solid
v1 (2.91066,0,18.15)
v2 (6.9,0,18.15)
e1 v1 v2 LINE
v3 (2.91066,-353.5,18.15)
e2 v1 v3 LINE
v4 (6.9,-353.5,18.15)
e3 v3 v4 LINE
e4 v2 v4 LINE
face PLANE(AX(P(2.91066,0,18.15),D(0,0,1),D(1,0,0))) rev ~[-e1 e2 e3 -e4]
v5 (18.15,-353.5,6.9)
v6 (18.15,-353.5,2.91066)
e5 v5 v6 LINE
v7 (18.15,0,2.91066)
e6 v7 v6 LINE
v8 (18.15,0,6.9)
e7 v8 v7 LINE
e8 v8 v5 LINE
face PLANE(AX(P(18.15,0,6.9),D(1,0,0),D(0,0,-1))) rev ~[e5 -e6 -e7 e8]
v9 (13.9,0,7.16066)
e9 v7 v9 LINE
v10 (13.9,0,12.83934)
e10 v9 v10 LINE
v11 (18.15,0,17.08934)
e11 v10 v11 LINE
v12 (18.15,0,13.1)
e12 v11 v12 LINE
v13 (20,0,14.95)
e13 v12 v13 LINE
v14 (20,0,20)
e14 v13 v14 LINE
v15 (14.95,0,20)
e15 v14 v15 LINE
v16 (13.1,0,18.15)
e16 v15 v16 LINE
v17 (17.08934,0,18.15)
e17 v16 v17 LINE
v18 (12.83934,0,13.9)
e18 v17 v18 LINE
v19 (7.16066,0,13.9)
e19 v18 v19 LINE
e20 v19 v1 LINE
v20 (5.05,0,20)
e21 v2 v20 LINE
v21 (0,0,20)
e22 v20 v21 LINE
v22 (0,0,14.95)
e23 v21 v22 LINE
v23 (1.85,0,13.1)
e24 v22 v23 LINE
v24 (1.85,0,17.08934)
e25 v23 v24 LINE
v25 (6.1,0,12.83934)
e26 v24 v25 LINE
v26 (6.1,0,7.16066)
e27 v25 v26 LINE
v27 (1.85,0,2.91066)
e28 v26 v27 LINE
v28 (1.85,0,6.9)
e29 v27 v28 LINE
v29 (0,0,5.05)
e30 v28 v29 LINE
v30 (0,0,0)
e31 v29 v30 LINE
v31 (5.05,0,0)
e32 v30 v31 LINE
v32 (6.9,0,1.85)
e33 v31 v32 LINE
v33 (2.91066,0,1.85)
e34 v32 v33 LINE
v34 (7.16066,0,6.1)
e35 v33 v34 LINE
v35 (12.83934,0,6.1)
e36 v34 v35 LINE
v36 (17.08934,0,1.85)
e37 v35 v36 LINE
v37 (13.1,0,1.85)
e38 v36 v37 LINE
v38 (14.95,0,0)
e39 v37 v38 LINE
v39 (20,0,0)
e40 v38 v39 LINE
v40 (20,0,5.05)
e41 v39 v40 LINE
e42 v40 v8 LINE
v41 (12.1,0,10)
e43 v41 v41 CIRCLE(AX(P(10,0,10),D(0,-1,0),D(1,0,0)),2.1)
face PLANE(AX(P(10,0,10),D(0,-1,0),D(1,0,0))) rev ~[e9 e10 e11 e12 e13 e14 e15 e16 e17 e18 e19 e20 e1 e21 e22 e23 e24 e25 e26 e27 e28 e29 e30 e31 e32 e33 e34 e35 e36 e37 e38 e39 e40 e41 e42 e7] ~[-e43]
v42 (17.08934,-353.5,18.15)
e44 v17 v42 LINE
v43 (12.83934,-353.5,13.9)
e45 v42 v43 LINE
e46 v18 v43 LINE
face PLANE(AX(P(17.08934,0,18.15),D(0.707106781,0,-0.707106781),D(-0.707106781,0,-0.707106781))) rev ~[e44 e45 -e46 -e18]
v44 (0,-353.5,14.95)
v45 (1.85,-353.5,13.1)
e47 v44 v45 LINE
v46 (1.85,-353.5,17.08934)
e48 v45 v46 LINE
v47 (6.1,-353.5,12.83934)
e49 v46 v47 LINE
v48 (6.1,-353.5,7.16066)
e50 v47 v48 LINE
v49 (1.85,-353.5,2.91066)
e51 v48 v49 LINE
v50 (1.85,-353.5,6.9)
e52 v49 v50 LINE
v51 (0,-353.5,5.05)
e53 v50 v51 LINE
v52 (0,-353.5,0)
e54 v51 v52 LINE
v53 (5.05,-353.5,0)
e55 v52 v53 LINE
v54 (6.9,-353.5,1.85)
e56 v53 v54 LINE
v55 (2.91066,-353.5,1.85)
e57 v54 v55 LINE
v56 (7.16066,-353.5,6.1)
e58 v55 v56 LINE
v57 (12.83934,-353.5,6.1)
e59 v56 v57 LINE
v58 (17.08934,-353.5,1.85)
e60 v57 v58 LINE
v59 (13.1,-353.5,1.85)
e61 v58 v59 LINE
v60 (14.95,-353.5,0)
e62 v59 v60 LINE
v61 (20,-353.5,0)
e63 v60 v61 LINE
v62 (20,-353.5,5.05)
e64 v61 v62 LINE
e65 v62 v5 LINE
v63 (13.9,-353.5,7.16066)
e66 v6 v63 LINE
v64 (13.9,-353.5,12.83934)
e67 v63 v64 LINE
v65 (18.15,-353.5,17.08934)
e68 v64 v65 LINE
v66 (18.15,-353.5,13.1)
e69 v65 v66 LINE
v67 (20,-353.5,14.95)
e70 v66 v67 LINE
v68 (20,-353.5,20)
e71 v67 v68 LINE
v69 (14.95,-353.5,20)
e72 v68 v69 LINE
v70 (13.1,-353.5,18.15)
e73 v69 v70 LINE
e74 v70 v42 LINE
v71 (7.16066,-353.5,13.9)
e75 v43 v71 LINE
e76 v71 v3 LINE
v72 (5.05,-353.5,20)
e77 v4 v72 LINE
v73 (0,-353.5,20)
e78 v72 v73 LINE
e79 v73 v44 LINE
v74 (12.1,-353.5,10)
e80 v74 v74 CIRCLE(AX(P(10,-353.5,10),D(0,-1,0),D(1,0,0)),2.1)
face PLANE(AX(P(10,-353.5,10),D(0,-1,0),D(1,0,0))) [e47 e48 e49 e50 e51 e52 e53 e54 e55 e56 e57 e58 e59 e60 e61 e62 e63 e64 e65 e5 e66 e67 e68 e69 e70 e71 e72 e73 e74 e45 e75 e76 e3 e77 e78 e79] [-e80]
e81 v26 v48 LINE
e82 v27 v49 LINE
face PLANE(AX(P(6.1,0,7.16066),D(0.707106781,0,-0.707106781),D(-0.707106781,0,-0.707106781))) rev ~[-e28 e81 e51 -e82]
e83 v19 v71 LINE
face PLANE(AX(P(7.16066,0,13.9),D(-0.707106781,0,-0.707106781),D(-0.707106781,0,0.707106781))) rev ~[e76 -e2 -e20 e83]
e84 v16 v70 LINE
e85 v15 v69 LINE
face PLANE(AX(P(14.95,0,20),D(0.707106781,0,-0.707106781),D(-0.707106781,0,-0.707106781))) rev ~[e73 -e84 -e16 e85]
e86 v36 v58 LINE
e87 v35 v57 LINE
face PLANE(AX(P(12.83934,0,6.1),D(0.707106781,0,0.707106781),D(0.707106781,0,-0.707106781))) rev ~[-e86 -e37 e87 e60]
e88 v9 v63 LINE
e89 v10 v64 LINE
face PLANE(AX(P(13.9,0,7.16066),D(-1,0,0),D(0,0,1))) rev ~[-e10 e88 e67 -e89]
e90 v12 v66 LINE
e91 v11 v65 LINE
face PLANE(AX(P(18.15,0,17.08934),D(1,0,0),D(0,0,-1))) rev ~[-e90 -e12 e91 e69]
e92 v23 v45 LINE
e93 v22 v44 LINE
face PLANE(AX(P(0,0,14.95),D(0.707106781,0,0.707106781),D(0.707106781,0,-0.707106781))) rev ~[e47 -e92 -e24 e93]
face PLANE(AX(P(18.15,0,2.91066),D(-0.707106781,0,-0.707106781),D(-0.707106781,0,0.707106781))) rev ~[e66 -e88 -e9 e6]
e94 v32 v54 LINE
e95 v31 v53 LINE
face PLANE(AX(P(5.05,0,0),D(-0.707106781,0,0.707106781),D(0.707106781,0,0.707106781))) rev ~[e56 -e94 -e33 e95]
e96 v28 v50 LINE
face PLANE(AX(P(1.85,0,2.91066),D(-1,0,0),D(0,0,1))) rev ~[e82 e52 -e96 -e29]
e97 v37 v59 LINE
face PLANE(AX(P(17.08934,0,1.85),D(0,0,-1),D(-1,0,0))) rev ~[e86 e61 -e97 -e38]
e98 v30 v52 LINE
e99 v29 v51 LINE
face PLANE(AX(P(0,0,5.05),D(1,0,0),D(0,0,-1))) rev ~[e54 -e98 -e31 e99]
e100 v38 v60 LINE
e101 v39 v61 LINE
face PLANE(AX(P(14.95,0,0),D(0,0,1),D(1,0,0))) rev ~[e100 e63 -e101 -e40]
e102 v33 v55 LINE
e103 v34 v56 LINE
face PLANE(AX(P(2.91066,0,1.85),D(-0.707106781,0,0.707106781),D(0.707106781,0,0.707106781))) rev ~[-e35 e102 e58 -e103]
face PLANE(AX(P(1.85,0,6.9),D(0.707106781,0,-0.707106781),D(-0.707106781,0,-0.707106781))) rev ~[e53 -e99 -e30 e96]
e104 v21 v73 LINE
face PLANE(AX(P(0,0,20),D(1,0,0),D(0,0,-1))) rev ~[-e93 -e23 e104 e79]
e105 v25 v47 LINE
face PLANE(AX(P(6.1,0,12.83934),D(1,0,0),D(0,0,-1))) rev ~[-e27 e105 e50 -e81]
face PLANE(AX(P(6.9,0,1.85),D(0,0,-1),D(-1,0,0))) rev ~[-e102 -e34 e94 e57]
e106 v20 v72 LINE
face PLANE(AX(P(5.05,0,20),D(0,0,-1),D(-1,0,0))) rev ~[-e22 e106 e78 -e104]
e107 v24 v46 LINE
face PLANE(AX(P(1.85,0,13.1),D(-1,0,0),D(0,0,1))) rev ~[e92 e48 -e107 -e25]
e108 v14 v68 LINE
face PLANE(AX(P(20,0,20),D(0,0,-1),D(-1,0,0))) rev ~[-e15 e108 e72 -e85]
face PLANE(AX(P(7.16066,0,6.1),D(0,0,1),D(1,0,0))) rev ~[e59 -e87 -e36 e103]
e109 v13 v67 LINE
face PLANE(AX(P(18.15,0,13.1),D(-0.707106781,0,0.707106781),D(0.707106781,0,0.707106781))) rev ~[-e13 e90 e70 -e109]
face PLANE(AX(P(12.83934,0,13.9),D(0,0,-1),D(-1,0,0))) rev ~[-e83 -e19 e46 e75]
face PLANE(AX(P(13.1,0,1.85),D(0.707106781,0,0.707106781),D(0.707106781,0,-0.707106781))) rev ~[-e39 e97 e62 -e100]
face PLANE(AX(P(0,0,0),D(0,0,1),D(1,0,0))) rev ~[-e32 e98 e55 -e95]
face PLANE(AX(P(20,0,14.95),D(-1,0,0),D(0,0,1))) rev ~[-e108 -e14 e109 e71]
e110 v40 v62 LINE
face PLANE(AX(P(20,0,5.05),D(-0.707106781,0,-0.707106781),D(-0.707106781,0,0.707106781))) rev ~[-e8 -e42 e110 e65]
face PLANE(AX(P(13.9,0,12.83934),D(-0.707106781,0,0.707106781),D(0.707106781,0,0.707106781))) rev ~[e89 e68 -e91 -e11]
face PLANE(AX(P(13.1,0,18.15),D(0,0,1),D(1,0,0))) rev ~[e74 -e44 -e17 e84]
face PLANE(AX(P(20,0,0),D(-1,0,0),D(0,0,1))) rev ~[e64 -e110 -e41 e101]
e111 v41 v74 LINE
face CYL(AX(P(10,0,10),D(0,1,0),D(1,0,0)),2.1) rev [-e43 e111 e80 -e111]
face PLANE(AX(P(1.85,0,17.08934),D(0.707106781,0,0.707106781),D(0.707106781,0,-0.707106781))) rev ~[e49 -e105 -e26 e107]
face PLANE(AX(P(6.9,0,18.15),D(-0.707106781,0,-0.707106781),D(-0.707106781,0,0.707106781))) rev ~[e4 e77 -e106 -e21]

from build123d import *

# Parameters (mm, degrees)
SKETCH_R  = 2.1
PAD_DEPTH = 353.5


with BuildPart() as part:
    # Sketch → Pad (new body)
    with BuildSketch(Plane.XZ):
        Polygon((0, 0), (5.05, 0), (6.9, 1.85), (2.91066, 1.85), (7.16066, 6.1), (12.83934, 6.1), (17.08934, 1.85), (13.1, 1.85), (14.95, 0), (20, 0), (20, 5.05), (18.15, 6.9), (18.15, 2.91066), (13.9, 7.16066), (13.9, 12.83934), (18.15, 17.08934), (18.15, 13.1), (20, 14.95), (20, 20), (14.95, 20), (13.1, 18.15), (17.08934, 18.15), (12.83934, 13.9), (7.16066, 13.9), (2.91066, 18.15), (6.9, 18.15), (5.05, 20), (0, 20), (0, 14.95), (1.85, 13.1), (1.85, 17.08934), (6.1, 12.83934), (6.1, 7.16066), (1.85, 2.91066), (1.85, 6.9), (0, 5.05), align=None)
        with Locations((10, 10)):
            Circle(SKETCH_R, mode=Mode.SUBTRACT)
    extrude(amount=PAD_DEPTH)


solid = part.part
